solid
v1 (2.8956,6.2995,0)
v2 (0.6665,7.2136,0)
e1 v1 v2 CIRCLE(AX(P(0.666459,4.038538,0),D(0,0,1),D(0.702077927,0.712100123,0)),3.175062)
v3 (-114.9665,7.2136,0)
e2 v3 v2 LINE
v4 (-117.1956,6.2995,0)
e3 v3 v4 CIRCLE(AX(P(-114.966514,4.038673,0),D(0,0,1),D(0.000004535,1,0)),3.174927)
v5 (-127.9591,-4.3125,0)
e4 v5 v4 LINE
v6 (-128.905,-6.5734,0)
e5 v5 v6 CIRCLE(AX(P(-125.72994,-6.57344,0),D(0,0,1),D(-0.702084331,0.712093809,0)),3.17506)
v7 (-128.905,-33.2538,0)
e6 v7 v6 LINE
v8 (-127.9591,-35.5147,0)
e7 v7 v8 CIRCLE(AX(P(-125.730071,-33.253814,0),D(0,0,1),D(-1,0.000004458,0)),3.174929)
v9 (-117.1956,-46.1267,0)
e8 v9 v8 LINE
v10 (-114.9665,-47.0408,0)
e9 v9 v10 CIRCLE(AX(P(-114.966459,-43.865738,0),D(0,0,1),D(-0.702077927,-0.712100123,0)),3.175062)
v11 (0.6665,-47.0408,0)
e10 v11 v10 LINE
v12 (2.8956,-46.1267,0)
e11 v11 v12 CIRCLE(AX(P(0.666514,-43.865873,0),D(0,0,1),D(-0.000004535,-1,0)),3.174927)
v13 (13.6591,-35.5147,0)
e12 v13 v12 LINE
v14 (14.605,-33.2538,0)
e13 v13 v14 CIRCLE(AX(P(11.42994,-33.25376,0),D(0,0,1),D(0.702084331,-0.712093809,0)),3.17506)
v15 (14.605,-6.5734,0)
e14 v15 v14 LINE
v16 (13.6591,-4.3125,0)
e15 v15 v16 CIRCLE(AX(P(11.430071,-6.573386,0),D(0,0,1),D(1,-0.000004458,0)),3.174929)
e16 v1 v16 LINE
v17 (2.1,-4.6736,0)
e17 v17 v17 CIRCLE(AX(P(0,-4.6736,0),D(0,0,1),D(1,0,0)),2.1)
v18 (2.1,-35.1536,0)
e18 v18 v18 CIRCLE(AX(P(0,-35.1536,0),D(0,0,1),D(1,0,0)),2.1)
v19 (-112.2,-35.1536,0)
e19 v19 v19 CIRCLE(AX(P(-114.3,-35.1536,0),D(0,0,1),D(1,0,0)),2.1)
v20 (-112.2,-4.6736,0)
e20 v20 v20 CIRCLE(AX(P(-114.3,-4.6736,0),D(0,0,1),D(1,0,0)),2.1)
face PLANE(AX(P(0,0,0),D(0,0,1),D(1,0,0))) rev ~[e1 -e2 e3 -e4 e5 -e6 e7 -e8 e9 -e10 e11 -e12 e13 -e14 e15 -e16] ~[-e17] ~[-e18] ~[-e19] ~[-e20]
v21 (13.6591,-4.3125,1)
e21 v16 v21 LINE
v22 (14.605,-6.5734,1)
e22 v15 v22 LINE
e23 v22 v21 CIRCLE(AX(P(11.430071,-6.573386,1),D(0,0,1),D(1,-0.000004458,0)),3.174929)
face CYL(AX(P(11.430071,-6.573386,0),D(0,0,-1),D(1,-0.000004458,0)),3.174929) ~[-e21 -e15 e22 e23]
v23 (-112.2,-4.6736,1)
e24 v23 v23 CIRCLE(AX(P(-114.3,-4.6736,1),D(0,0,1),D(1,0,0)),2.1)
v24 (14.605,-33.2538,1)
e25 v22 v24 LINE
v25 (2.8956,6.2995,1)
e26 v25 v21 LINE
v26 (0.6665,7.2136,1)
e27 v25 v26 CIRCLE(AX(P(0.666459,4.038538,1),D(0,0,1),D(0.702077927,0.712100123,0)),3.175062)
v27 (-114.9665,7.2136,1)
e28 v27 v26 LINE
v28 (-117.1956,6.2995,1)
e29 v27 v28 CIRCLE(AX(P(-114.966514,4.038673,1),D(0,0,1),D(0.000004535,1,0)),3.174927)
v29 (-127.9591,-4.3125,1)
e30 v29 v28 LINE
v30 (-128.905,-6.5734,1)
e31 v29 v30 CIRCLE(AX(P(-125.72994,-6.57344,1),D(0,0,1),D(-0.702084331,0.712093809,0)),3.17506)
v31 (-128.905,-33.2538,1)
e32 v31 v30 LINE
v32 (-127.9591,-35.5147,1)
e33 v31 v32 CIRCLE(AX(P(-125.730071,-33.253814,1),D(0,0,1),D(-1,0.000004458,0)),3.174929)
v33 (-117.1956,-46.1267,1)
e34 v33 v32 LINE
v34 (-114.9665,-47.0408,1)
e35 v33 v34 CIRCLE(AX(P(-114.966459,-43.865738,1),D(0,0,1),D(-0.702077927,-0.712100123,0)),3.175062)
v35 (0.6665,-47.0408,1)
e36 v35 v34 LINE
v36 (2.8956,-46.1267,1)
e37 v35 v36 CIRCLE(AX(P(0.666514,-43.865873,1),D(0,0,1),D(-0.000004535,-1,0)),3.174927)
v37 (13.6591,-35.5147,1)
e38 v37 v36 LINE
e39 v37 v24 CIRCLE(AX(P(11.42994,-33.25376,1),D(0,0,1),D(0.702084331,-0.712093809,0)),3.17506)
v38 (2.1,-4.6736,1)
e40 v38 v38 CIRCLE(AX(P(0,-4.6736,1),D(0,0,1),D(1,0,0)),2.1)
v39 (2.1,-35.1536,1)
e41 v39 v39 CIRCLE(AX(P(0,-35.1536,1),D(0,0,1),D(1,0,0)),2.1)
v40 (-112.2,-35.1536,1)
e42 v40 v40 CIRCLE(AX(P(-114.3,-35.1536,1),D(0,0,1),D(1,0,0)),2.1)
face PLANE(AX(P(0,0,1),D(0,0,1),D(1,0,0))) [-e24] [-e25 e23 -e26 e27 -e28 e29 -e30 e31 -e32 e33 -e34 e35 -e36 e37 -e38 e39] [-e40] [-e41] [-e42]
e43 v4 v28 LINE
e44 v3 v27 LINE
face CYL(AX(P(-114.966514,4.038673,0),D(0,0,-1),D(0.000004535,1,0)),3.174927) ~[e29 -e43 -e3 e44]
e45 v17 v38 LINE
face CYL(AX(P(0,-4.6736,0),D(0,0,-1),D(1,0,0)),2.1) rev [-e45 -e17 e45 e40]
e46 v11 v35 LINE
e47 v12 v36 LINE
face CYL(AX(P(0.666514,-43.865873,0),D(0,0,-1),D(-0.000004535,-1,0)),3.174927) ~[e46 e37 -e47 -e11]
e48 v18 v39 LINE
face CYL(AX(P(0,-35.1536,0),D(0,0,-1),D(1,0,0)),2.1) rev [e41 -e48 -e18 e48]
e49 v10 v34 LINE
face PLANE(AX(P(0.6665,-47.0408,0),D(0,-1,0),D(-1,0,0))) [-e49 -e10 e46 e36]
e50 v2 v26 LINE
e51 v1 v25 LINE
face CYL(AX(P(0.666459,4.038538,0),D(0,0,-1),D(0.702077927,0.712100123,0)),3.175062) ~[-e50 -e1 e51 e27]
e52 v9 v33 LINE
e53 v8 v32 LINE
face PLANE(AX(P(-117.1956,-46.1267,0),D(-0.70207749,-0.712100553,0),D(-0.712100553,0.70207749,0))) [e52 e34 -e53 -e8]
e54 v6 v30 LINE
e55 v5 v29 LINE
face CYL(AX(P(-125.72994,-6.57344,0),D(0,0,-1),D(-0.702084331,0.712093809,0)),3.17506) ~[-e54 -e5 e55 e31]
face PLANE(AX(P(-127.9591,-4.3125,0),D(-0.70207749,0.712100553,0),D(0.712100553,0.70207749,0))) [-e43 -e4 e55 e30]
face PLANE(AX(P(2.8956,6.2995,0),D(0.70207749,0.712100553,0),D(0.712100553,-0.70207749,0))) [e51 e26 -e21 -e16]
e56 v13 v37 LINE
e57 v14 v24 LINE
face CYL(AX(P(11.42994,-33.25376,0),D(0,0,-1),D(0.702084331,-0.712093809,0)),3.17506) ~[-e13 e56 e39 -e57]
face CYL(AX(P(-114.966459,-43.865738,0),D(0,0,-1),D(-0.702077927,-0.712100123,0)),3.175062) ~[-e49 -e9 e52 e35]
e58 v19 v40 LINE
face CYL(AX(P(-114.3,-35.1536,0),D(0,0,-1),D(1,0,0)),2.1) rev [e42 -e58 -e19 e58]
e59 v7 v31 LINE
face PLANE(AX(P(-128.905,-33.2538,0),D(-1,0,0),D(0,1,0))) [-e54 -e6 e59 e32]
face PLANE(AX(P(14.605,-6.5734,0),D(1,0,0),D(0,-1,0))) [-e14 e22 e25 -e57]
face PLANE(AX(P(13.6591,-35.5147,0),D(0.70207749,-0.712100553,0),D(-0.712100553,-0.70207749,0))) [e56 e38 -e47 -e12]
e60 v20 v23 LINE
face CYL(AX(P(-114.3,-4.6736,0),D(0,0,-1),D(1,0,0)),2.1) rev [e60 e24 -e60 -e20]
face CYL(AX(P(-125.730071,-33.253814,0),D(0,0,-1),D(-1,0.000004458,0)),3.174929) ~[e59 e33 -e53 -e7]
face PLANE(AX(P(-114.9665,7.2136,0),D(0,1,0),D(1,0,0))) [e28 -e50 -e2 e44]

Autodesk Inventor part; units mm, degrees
ref_plane "YZ Plane" through (0, 0, 0) normal (1, 0, 0) x (0, 1, 0)
ref_plane "XZ Plane" through (0, 0, 0) normal (0, 1, 0) x (-1, 0, 0)
ref_plane "XY Plane" through (0, 0, 0) normal (0, 0, 1) x (1, 0, 0)
sketch "Sketch1" plane through (0, 0, 0) normal (0, 0, 1) x (1, 0, 0)
  circle A0 centre (-114.3, -4.6736) radius 2.1 projected
  circle A1 centre (-114.3, -35.1536) radius 2.1 projected
  circle A2 centre (0, -35.1536) radius 2.1 projected
  circle A3 centre (0, -4.6736) radius 2.1 projected
  line L0 (-114.9665, 7.2136) -> (0.6665, 7.2136) projected
  arc A4 (2.8956, 6.2995) -> (0.6665, 7.2136) centre (0.6665, 4.0386) ccw projected
  line L1 (2.8956, 6.2995) -> (13.6591, -4.3125) projected
  arc A5 (14.605, -6.5734) -> (13.6591, -4.3125) centre (11.43, -6.5734) ccw projected
  line L2 (14.605, -6.5734) -> (14.605, -33.2538) projected
  arc A6 (13.6591, -35.5147) -> (14.605, -33.2538) centre (11.43, -33.2538) ccw projected
  line L3 (13.6591, -35.5147) -> (2.8956, -46.1267) projected
  line L4 (0.6665, -47.0408) -> (-114.9665, -47.0408) projected
  arc A7 (0.6665, -47.0408) -> (2.8956, -46.1267) centre (0.6665, -43.8658) ccw projected
  arc A8 (-117.1956, -46.1267) -> (-114.9665, -47.0408) centre (-114.9665, -43.8658) ccw projected
  line L5 (-117.1956, -46.1267) -> (-127.9591, -35.5147) projected
  arc A9 (-128.905, -33.2538) -> (-127.9591, -35.5147) centre (-125.73, -33.2538) ccw projected
  line L6 (-128.905, -33.2538) -> (-128.905, -6.5734) projected
  arc A10 (-127.9591, -4.3125) -> (-128.905, -6.5734) centre (-125.73, -6.5734) ccw projected
  line L7 (-127.9591, -4.3125) -> (-117.1956, 6.2995) projected
  arc A11 (-114.9665, 7.2136) -> (-117.1956, 6.2995) centre (-114.9665, 4.0386) ccw projected
  point P0 (0, 0)
extrude "Extrusion1" add sketch "Sketch1" along normal blind 1
properties part number "Nameplatedrill"
